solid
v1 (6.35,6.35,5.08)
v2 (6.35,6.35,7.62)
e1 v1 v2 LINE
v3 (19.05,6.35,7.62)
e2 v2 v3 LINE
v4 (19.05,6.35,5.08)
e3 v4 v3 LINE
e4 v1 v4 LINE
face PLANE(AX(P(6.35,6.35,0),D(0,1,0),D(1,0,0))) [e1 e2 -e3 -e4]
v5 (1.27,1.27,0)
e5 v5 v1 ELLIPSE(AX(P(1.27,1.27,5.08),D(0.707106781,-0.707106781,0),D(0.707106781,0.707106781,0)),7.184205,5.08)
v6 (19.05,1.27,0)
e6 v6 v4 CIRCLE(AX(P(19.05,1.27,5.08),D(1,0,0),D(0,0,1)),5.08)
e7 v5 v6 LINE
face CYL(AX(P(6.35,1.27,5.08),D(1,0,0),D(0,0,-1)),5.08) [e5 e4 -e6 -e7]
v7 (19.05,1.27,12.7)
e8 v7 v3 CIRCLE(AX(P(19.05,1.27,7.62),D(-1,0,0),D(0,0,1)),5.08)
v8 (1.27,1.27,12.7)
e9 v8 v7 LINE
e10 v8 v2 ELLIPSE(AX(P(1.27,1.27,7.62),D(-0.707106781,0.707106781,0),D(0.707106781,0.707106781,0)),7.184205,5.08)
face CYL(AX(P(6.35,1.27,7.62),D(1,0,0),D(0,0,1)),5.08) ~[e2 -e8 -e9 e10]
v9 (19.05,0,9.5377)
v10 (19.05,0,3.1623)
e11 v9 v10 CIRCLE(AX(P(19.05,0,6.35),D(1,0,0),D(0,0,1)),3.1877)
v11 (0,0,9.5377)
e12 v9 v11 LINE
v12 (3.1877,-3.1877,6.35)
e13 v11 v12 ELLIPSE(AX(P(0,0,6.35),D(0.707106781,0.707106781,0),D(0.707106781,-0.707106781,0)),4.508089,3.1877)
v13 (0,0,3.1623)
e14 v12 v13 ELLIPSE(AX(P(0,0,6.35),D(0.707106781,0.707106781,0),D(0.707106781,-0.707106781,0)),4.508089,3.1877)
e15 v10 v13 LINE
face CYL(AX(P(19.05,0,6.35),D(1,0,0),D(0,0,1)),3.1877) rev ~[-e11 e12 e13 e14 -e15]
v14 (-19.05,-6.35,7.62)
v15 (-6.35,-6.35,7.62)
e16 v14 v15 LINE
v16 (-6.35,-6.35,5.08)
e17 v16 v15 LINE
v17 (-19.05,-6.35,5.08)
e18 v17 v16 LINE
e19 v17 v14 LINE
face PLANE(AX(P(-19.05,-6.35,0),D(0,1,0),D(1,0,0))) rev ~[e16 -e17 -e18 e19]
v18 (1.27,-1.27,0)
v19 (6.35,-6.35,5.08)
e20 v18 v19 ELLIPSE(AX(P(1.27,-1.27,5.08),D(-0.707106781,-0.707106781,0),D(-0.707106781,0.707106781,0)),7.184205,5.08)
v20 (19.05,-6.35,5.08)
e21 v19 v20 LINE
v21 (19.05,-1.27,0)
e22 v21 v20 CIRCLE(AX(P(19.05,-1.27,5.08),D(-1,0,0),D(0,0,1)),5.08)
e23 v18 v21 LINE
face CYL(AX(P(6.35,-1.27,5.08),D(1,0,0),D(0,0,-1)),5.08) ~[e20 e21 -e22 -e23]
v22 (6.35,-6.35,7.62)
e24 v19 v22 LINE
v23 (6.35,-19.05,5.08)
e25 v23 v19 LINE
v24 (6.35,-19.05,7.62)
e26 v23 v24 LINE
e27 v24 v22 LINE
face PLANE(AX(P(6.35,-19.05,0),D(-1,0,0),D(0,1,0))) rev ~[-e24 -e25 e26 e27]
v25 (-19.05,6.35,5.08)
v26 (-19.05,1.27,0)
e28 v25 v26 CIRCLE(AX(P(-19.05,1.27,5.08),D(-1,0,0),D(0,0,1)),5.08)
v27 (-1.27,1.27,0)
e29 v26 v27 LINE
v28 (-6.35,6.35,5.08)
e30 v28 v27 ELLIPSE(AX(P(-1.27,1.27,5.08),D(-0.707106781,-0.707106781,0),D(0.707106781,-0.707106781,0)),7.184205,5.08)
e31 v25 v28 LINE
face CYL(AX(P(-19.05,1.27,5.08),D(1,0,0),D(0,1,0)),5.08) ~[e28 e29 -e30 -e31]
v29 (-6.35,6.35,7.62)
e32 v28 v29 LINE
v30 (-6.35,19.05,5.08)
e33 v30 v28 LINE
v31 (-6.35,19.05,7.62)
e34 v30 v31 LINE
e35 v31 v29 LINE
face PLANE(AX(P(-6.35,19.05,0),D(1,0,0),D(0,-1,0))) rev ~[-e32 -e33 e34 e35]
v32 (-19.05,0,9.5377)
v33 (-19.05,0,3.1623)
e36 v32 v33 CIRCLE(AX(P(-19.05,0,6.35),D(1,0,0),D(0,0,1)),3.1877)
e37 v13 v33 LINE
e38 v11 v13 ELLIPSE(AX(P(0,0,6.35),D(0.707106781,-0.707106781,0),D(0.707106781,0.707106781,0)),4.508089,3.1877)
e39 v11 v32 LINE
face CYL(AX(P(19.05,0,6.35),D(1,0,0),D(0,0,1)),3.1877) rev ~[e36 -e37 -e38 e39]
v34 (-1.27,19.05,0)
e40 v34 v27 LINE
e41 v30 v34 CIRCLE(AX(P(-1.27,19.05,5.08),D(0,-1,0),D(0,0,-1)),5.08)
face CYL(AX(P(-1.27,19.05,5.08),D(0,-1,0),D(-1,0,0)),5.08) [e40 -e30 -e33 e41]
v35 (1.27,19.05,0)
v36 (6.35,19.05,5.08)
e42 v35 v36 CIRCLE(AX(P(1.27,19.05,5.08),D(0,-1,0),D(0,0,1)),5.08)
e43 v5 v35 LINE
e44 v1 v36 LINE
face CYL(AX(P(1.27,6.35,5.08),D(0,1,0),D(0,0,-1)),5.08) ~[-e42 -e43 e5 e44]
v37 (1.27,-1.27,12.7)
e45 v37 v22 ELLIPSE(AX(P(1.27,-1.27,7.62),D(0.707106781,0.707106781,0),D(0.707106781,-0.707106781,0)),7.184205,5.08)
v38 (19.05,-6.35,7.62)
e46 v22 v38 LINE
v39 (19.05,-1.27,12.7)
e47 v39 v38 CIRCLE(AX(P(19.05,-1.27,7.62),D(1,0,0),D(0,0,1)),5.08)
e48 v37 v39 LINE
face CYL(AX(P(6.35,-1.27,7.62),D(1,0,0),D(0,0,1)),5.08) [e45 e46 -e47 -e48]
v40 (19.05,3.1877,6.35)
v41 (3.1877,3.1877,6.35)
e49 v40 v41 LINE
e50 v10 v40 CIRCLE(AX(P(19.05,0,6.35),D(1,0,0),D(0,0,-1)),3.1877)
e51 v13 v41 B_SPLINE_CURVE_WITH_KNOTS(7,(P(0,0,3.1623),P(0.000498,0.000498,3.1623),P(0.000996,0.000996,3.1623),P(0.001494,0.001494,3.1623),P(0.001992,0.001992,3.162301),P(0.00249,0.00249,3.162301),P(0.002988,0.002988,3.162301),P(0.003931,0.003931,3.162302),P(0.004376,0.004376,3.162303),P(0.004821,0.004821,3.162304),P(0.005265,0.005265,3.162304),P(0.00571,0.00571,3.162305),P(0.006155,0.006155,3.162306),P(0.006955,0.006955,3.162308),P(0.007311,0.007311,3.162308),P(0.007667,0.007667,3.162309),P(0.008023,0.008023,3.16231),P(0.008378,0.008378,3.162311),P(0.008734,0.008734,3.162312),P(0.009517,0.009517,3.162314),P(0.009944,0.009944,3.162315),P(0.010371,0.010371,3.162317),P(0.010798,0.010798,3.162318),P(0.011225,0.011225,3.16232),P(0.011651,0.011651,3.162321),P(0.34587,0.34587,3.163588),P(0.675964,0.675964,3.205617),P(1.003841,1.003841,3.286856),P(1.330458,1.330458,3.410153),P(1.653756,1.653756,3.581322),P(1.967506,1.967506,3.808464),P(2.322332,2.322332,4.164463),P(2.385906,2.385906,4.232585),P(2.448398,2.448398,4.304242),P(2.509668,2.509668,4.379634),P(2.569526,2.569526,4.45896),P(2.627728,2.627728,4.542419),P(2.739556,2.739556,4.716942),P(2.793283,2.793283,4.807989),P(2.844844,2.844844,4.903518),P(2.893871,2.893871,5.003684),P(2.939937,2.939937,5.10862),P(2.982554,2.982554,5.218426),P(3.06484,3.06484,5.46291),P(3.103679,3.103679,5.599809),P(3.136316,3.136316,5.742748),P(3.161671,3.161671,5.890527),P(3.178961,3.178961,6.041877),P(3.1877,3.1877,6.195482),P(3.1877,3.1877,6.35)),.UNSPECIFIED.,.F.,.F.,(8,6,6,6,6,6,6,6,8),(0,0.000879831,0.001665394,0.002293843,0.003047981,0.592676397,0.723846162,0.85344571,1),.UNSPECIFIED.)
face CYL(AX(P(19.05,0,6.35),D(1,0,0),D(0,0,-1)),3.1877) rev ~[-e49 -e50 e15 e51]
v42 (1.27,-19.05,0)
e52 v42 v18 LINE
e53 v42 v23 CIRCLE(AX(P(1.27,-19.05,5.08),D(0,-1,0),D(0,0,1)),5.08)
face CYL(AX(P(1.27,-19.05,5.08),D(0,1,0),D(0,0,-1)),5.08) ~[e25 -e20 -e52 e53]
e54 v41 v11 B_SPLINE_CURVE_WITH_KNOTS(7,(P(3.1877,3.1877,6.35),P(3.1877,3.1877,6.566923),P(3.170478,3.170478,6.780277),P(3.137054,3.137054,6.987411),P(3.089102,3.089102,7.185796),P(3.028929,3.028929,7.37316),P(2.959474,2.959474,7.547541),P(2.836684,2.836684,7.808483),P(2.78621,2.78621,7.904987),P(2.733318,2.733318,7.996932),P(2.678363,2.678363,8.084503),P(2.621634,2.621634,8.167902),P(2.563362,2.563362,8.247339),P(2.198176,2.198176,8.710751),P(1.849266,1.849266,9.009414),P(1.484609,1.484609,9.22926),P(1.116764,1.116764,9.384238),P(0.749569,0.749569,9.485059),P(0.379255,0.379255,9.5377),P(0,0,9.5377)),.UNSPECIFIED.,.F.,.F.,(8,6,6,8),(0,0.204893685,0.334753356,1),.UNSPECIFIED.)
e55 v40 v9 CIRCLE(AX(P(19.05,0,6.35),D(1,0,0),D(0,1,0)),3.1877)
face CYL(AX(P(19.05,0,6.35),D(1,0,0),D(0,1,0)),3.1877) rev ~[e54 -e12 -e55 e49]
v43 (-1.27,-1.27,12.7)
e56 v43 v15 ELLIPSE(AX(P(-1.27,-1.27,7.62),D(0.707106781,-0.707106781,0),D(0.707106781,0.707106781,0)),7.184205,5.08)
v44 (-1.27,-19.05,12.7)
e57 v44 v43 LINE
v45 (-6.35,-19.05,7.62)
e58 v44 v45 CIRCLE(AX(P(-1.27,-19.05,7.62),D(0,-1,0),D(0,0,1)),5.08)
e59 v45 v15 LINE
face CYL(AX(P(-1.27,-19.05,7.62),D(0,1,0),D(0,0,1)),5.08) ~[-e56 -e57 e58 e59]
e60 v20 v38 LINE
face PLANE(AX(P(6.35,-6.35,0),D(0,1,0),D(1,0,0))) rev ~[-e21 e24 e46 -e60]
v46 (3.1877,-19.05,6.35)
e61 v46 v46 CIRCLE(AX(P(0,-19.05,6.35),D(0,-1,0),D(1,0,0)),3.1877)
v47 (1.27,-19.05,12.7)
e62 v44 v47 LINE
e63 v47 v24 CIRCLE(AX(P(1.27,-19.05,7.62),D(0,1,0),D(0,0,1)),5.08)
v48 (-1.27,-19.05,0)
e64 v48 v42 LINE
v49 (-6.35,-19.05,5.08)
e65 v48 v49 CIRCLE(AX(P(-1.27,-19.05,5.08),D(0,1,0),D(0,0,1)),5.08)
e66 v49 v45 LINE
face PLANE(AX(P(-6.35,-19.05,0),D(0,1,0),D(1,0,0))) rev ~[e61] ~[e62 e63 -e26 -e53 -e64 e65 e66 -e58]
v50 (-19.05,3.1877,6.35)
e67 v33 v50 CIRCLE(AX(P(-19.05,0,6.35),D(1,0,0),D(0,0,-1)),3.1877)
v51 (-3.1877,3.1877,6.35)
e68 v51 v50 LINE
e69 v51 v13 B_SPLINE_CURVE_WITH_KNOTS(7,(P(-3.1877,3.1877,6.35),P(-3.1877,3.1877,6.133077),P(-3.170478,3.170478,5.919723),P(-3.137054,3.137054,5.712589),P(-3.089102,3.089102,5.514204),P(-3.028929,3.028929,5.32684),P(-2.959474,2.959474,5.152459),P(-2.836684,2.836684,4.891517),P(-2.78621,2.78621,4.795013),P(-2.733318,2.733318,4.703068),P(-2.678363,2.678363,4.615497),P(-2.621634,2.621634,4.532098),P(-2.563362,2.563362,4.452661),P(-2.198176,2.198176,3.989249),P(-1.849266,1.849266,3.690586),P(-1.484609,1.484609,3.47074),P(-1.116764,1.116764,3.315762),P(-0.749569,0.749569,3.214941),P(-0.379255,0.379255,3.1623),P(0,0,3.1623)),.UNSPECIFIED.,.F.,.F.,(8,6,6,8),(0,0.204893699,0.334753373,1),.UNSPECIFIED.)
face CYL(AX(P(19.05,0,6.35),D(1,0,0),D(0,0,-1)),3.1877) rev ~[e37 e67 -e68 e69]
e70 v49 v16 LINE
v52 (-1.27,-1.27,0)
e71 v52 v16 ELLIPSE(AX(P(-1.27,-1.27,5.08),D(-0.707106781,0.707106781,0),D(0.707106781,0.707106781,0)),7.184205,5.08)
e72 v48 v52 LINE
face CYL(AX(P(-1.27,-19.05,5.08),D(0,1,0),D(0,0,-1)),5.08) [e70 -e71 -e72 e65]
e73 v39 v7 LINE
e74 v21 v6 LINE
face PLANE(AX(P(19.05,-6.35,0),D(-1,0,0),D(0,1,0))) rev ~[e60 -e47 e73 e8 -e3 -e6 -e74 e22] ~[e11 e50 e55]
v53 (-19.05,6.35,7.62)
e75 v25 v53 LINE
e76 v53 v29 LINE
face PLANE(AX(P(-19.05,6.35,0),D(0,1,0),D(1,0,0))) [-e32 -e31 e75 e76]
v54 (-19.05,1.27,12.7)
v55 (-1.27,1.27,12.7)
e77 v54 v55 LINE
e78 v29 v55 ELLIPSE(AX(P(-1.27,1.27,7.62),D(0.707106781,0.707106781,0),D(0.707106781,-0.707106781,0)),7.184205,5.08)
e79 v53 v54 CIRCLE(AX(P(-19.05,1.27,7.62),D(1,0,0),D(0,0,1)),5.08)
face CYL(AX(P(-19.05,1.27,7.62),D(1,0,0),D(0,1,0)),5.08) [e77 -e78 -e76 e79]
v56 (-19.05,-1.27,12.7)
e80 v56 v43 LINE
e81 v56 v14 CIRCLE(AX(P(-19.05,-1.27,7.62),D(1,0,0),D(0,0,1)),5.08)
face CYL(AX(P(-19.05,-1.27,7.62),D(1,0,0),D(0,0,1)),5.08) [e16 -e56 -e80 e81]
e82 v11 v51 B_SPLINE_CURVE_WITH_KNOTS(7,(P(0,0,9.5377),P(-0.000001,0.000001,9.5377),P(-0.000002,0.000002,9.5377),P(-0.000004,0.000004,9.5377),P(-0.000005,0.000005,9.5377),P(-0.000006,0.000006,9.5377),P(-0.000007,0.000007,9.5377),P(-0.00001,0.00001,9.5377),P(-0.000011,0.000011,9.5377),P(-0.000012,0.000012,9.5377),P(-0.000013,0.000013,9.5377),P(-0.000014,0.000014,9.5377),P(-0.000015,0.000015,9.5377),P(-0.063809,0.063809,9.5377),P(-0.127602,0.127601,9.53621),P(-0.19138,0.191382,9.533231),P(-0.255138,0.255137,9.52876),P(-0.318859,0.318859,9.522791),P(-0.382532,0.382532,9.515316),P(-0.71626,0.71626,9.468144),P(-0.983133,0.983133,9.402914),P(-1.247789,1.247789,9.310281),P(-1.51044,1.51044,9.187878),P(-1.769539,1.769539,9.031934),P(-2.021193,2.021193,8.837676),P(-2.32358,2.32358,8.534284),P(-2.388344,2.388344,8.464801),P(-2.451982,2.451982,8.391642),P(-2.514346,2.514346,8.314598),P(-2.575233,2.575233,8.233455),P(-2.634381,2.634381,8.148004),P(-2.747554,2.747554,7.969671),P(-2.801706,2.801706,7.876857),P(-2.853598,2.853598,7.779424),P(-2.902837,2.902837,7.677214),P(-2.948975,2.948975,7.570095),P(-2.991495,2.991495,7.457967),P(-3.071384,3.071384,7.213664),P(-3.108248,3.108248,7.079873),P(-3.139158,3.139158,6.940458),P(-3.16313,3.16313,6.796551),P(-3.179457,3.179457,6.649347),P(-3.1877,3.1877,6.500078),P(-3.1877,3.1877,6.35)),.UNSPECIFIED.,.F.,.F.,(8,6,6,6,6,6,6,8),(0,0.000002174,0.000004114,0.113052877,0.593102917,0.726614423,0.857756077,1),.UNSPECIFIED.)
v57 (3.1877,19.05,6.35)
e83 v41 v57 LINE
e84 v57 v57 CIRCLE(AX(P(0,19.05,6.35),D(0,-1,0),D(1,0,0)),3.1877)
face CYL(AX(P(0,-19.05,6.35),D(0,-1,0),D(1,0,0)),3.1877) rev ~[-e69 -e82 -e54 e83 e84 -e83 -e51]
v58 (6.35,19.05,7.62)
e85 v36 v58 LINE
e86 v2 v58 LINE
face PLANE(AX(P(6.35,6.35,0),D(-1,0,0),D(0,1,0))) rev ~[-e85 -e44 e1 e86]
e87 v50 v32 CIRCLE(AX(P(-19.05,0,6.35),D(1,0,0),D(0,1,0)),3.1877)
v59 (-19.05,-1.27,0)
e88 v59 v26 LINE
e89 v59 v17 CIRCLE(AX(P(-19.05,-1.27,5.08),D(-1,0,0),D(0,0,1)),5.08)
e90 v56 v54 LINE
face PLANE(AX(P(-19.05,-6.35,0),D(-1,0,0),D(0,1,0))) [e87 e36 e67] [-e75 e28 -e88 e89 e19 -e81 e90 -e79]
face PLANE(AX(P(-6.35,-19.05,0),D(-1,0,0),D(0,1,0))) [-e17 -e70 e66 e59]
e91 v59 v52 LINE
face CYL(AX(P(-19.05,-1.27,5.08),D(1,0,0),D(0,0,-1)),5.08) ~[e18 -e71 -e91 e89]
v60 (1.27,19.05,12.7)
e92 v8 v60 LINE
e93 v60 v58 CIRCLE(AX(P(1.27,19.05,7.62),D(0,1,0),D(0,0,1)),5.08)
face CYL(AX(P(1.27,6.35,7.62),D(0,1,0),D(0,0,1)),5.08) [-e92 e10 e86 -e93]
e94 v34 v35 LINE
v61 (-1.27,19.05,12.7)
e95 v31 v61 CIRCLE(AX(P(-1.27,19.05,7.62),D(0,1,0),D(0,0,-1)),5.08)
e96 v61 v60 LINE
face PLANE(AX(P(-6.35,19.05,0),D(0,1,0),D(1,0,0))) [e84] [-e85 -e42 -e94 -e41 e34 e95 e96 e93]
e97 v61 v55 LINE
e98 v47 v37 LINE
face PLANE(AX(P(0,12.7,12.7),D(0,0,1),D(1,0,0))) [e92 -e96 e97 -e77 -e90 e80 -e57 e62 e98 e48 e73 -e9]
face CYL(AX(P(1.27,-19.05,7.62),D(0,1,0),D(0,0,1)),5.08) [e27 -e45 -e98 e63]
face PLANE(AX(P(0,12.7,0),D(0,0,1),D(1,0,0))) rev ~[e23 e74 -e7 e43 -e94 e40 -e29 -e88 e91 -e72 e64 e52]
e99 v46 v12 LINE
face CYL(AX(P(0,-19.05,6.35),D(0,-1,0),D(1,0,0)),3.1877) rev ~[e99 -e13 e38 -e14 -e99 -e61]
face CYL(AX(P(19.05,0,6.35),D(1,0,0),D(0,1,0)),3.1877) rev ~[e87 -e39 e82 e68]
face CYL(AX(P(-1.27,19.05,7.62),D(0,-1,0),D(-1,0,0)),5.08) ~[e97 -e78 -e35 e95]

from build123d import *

# Parameters (mm, degrees)
F0_W     = 12.7
F0_H     = 12.7
F1_DEPTH = 12.7
F4_DEPTH = 50.8
F3_R     = 3.1877
F5_DEPTH = 76.2
F6_R     = 5.08


with BuildPart() as f1:
    # F0 (on Top) → F1 (new body)
    with BuildSketch(Plane.XY):
        with Locations((0, 12.7)):
            Rectangle(F0_W, F0_H)
        with Locations((12.7, 0)):
            Rectangle(F0_W, F0_H)
        Rectangle(F0_W, F0_H)
        with Locations((-12.7, 0)):
            Rectangle(F0_W, F0_H)
        with Locations((0, -12.7)):
            Rectangle(F0_W, F0_H)
    extrude(amount=F1_DEPTH)

    # F2 (on face) → F4 (cut)
    with BuildSketch(Plane.YZ.offset(19.05)):
        with BuildLine():
            Line((0, 3.1623), (0, 9.5377))
            ThreePointArc((0, 9.5377), (-3.1877, 6.35), (0, 3.1623))
        make_face()
        with BuildLine():
            ThreePointArc((3.1877, 6.35), (2.2540442864, 8.6040442864), (0, 9.5377))
            Line((0, 9.5377), (0, 3.1623))
            ThreePointArc((0, 3.1623), (2.2540442864, 4.0959557136), (3.1877, 6.35))
        make_face()
    extrude(amount=-F4_DEPTH, mode=Mode.SUBTRACT)

    # F3 (on face) → F5 (cut)
    with BuildSketch(Plane.XZ.offset(19.05)):
        with Locations((0, 6.35)):
            Circle(F3_R)
    extrude(amount=-F5_DEPTH, mode=Mode.SUBTRACT)

    # F6
    f6_edges = [f1.edges().sort_by_distance(p)[0] for p in [
        (-6.35, -12.7, 0),
        (6.35, -12.7, 0),
        (12.7, -6.35, 0),
        (12.7, 6.35, 0),
        (6.35, 12.7, 0),
        (-6.35, 12.7, 0),
        (-12.7, -6.35, 0),
        (-12.7, 6.35, 0),
        (-12.7, -6.35, 12.7),
        (-6.35, -12.7, 12.7),
        (12.7, -6.35, 12.7),
        (-12.7, 6.35, 12.7),
        (-6.35, 12.7, 12.7),
        (6.35, 12.7, 12.7),
        (6.35, -12.7, 12.7),
        (12.7, 6.35, 12.7),
    ]]
    fillet(f6_edges, radius=F6_R)


solid = f1.part
